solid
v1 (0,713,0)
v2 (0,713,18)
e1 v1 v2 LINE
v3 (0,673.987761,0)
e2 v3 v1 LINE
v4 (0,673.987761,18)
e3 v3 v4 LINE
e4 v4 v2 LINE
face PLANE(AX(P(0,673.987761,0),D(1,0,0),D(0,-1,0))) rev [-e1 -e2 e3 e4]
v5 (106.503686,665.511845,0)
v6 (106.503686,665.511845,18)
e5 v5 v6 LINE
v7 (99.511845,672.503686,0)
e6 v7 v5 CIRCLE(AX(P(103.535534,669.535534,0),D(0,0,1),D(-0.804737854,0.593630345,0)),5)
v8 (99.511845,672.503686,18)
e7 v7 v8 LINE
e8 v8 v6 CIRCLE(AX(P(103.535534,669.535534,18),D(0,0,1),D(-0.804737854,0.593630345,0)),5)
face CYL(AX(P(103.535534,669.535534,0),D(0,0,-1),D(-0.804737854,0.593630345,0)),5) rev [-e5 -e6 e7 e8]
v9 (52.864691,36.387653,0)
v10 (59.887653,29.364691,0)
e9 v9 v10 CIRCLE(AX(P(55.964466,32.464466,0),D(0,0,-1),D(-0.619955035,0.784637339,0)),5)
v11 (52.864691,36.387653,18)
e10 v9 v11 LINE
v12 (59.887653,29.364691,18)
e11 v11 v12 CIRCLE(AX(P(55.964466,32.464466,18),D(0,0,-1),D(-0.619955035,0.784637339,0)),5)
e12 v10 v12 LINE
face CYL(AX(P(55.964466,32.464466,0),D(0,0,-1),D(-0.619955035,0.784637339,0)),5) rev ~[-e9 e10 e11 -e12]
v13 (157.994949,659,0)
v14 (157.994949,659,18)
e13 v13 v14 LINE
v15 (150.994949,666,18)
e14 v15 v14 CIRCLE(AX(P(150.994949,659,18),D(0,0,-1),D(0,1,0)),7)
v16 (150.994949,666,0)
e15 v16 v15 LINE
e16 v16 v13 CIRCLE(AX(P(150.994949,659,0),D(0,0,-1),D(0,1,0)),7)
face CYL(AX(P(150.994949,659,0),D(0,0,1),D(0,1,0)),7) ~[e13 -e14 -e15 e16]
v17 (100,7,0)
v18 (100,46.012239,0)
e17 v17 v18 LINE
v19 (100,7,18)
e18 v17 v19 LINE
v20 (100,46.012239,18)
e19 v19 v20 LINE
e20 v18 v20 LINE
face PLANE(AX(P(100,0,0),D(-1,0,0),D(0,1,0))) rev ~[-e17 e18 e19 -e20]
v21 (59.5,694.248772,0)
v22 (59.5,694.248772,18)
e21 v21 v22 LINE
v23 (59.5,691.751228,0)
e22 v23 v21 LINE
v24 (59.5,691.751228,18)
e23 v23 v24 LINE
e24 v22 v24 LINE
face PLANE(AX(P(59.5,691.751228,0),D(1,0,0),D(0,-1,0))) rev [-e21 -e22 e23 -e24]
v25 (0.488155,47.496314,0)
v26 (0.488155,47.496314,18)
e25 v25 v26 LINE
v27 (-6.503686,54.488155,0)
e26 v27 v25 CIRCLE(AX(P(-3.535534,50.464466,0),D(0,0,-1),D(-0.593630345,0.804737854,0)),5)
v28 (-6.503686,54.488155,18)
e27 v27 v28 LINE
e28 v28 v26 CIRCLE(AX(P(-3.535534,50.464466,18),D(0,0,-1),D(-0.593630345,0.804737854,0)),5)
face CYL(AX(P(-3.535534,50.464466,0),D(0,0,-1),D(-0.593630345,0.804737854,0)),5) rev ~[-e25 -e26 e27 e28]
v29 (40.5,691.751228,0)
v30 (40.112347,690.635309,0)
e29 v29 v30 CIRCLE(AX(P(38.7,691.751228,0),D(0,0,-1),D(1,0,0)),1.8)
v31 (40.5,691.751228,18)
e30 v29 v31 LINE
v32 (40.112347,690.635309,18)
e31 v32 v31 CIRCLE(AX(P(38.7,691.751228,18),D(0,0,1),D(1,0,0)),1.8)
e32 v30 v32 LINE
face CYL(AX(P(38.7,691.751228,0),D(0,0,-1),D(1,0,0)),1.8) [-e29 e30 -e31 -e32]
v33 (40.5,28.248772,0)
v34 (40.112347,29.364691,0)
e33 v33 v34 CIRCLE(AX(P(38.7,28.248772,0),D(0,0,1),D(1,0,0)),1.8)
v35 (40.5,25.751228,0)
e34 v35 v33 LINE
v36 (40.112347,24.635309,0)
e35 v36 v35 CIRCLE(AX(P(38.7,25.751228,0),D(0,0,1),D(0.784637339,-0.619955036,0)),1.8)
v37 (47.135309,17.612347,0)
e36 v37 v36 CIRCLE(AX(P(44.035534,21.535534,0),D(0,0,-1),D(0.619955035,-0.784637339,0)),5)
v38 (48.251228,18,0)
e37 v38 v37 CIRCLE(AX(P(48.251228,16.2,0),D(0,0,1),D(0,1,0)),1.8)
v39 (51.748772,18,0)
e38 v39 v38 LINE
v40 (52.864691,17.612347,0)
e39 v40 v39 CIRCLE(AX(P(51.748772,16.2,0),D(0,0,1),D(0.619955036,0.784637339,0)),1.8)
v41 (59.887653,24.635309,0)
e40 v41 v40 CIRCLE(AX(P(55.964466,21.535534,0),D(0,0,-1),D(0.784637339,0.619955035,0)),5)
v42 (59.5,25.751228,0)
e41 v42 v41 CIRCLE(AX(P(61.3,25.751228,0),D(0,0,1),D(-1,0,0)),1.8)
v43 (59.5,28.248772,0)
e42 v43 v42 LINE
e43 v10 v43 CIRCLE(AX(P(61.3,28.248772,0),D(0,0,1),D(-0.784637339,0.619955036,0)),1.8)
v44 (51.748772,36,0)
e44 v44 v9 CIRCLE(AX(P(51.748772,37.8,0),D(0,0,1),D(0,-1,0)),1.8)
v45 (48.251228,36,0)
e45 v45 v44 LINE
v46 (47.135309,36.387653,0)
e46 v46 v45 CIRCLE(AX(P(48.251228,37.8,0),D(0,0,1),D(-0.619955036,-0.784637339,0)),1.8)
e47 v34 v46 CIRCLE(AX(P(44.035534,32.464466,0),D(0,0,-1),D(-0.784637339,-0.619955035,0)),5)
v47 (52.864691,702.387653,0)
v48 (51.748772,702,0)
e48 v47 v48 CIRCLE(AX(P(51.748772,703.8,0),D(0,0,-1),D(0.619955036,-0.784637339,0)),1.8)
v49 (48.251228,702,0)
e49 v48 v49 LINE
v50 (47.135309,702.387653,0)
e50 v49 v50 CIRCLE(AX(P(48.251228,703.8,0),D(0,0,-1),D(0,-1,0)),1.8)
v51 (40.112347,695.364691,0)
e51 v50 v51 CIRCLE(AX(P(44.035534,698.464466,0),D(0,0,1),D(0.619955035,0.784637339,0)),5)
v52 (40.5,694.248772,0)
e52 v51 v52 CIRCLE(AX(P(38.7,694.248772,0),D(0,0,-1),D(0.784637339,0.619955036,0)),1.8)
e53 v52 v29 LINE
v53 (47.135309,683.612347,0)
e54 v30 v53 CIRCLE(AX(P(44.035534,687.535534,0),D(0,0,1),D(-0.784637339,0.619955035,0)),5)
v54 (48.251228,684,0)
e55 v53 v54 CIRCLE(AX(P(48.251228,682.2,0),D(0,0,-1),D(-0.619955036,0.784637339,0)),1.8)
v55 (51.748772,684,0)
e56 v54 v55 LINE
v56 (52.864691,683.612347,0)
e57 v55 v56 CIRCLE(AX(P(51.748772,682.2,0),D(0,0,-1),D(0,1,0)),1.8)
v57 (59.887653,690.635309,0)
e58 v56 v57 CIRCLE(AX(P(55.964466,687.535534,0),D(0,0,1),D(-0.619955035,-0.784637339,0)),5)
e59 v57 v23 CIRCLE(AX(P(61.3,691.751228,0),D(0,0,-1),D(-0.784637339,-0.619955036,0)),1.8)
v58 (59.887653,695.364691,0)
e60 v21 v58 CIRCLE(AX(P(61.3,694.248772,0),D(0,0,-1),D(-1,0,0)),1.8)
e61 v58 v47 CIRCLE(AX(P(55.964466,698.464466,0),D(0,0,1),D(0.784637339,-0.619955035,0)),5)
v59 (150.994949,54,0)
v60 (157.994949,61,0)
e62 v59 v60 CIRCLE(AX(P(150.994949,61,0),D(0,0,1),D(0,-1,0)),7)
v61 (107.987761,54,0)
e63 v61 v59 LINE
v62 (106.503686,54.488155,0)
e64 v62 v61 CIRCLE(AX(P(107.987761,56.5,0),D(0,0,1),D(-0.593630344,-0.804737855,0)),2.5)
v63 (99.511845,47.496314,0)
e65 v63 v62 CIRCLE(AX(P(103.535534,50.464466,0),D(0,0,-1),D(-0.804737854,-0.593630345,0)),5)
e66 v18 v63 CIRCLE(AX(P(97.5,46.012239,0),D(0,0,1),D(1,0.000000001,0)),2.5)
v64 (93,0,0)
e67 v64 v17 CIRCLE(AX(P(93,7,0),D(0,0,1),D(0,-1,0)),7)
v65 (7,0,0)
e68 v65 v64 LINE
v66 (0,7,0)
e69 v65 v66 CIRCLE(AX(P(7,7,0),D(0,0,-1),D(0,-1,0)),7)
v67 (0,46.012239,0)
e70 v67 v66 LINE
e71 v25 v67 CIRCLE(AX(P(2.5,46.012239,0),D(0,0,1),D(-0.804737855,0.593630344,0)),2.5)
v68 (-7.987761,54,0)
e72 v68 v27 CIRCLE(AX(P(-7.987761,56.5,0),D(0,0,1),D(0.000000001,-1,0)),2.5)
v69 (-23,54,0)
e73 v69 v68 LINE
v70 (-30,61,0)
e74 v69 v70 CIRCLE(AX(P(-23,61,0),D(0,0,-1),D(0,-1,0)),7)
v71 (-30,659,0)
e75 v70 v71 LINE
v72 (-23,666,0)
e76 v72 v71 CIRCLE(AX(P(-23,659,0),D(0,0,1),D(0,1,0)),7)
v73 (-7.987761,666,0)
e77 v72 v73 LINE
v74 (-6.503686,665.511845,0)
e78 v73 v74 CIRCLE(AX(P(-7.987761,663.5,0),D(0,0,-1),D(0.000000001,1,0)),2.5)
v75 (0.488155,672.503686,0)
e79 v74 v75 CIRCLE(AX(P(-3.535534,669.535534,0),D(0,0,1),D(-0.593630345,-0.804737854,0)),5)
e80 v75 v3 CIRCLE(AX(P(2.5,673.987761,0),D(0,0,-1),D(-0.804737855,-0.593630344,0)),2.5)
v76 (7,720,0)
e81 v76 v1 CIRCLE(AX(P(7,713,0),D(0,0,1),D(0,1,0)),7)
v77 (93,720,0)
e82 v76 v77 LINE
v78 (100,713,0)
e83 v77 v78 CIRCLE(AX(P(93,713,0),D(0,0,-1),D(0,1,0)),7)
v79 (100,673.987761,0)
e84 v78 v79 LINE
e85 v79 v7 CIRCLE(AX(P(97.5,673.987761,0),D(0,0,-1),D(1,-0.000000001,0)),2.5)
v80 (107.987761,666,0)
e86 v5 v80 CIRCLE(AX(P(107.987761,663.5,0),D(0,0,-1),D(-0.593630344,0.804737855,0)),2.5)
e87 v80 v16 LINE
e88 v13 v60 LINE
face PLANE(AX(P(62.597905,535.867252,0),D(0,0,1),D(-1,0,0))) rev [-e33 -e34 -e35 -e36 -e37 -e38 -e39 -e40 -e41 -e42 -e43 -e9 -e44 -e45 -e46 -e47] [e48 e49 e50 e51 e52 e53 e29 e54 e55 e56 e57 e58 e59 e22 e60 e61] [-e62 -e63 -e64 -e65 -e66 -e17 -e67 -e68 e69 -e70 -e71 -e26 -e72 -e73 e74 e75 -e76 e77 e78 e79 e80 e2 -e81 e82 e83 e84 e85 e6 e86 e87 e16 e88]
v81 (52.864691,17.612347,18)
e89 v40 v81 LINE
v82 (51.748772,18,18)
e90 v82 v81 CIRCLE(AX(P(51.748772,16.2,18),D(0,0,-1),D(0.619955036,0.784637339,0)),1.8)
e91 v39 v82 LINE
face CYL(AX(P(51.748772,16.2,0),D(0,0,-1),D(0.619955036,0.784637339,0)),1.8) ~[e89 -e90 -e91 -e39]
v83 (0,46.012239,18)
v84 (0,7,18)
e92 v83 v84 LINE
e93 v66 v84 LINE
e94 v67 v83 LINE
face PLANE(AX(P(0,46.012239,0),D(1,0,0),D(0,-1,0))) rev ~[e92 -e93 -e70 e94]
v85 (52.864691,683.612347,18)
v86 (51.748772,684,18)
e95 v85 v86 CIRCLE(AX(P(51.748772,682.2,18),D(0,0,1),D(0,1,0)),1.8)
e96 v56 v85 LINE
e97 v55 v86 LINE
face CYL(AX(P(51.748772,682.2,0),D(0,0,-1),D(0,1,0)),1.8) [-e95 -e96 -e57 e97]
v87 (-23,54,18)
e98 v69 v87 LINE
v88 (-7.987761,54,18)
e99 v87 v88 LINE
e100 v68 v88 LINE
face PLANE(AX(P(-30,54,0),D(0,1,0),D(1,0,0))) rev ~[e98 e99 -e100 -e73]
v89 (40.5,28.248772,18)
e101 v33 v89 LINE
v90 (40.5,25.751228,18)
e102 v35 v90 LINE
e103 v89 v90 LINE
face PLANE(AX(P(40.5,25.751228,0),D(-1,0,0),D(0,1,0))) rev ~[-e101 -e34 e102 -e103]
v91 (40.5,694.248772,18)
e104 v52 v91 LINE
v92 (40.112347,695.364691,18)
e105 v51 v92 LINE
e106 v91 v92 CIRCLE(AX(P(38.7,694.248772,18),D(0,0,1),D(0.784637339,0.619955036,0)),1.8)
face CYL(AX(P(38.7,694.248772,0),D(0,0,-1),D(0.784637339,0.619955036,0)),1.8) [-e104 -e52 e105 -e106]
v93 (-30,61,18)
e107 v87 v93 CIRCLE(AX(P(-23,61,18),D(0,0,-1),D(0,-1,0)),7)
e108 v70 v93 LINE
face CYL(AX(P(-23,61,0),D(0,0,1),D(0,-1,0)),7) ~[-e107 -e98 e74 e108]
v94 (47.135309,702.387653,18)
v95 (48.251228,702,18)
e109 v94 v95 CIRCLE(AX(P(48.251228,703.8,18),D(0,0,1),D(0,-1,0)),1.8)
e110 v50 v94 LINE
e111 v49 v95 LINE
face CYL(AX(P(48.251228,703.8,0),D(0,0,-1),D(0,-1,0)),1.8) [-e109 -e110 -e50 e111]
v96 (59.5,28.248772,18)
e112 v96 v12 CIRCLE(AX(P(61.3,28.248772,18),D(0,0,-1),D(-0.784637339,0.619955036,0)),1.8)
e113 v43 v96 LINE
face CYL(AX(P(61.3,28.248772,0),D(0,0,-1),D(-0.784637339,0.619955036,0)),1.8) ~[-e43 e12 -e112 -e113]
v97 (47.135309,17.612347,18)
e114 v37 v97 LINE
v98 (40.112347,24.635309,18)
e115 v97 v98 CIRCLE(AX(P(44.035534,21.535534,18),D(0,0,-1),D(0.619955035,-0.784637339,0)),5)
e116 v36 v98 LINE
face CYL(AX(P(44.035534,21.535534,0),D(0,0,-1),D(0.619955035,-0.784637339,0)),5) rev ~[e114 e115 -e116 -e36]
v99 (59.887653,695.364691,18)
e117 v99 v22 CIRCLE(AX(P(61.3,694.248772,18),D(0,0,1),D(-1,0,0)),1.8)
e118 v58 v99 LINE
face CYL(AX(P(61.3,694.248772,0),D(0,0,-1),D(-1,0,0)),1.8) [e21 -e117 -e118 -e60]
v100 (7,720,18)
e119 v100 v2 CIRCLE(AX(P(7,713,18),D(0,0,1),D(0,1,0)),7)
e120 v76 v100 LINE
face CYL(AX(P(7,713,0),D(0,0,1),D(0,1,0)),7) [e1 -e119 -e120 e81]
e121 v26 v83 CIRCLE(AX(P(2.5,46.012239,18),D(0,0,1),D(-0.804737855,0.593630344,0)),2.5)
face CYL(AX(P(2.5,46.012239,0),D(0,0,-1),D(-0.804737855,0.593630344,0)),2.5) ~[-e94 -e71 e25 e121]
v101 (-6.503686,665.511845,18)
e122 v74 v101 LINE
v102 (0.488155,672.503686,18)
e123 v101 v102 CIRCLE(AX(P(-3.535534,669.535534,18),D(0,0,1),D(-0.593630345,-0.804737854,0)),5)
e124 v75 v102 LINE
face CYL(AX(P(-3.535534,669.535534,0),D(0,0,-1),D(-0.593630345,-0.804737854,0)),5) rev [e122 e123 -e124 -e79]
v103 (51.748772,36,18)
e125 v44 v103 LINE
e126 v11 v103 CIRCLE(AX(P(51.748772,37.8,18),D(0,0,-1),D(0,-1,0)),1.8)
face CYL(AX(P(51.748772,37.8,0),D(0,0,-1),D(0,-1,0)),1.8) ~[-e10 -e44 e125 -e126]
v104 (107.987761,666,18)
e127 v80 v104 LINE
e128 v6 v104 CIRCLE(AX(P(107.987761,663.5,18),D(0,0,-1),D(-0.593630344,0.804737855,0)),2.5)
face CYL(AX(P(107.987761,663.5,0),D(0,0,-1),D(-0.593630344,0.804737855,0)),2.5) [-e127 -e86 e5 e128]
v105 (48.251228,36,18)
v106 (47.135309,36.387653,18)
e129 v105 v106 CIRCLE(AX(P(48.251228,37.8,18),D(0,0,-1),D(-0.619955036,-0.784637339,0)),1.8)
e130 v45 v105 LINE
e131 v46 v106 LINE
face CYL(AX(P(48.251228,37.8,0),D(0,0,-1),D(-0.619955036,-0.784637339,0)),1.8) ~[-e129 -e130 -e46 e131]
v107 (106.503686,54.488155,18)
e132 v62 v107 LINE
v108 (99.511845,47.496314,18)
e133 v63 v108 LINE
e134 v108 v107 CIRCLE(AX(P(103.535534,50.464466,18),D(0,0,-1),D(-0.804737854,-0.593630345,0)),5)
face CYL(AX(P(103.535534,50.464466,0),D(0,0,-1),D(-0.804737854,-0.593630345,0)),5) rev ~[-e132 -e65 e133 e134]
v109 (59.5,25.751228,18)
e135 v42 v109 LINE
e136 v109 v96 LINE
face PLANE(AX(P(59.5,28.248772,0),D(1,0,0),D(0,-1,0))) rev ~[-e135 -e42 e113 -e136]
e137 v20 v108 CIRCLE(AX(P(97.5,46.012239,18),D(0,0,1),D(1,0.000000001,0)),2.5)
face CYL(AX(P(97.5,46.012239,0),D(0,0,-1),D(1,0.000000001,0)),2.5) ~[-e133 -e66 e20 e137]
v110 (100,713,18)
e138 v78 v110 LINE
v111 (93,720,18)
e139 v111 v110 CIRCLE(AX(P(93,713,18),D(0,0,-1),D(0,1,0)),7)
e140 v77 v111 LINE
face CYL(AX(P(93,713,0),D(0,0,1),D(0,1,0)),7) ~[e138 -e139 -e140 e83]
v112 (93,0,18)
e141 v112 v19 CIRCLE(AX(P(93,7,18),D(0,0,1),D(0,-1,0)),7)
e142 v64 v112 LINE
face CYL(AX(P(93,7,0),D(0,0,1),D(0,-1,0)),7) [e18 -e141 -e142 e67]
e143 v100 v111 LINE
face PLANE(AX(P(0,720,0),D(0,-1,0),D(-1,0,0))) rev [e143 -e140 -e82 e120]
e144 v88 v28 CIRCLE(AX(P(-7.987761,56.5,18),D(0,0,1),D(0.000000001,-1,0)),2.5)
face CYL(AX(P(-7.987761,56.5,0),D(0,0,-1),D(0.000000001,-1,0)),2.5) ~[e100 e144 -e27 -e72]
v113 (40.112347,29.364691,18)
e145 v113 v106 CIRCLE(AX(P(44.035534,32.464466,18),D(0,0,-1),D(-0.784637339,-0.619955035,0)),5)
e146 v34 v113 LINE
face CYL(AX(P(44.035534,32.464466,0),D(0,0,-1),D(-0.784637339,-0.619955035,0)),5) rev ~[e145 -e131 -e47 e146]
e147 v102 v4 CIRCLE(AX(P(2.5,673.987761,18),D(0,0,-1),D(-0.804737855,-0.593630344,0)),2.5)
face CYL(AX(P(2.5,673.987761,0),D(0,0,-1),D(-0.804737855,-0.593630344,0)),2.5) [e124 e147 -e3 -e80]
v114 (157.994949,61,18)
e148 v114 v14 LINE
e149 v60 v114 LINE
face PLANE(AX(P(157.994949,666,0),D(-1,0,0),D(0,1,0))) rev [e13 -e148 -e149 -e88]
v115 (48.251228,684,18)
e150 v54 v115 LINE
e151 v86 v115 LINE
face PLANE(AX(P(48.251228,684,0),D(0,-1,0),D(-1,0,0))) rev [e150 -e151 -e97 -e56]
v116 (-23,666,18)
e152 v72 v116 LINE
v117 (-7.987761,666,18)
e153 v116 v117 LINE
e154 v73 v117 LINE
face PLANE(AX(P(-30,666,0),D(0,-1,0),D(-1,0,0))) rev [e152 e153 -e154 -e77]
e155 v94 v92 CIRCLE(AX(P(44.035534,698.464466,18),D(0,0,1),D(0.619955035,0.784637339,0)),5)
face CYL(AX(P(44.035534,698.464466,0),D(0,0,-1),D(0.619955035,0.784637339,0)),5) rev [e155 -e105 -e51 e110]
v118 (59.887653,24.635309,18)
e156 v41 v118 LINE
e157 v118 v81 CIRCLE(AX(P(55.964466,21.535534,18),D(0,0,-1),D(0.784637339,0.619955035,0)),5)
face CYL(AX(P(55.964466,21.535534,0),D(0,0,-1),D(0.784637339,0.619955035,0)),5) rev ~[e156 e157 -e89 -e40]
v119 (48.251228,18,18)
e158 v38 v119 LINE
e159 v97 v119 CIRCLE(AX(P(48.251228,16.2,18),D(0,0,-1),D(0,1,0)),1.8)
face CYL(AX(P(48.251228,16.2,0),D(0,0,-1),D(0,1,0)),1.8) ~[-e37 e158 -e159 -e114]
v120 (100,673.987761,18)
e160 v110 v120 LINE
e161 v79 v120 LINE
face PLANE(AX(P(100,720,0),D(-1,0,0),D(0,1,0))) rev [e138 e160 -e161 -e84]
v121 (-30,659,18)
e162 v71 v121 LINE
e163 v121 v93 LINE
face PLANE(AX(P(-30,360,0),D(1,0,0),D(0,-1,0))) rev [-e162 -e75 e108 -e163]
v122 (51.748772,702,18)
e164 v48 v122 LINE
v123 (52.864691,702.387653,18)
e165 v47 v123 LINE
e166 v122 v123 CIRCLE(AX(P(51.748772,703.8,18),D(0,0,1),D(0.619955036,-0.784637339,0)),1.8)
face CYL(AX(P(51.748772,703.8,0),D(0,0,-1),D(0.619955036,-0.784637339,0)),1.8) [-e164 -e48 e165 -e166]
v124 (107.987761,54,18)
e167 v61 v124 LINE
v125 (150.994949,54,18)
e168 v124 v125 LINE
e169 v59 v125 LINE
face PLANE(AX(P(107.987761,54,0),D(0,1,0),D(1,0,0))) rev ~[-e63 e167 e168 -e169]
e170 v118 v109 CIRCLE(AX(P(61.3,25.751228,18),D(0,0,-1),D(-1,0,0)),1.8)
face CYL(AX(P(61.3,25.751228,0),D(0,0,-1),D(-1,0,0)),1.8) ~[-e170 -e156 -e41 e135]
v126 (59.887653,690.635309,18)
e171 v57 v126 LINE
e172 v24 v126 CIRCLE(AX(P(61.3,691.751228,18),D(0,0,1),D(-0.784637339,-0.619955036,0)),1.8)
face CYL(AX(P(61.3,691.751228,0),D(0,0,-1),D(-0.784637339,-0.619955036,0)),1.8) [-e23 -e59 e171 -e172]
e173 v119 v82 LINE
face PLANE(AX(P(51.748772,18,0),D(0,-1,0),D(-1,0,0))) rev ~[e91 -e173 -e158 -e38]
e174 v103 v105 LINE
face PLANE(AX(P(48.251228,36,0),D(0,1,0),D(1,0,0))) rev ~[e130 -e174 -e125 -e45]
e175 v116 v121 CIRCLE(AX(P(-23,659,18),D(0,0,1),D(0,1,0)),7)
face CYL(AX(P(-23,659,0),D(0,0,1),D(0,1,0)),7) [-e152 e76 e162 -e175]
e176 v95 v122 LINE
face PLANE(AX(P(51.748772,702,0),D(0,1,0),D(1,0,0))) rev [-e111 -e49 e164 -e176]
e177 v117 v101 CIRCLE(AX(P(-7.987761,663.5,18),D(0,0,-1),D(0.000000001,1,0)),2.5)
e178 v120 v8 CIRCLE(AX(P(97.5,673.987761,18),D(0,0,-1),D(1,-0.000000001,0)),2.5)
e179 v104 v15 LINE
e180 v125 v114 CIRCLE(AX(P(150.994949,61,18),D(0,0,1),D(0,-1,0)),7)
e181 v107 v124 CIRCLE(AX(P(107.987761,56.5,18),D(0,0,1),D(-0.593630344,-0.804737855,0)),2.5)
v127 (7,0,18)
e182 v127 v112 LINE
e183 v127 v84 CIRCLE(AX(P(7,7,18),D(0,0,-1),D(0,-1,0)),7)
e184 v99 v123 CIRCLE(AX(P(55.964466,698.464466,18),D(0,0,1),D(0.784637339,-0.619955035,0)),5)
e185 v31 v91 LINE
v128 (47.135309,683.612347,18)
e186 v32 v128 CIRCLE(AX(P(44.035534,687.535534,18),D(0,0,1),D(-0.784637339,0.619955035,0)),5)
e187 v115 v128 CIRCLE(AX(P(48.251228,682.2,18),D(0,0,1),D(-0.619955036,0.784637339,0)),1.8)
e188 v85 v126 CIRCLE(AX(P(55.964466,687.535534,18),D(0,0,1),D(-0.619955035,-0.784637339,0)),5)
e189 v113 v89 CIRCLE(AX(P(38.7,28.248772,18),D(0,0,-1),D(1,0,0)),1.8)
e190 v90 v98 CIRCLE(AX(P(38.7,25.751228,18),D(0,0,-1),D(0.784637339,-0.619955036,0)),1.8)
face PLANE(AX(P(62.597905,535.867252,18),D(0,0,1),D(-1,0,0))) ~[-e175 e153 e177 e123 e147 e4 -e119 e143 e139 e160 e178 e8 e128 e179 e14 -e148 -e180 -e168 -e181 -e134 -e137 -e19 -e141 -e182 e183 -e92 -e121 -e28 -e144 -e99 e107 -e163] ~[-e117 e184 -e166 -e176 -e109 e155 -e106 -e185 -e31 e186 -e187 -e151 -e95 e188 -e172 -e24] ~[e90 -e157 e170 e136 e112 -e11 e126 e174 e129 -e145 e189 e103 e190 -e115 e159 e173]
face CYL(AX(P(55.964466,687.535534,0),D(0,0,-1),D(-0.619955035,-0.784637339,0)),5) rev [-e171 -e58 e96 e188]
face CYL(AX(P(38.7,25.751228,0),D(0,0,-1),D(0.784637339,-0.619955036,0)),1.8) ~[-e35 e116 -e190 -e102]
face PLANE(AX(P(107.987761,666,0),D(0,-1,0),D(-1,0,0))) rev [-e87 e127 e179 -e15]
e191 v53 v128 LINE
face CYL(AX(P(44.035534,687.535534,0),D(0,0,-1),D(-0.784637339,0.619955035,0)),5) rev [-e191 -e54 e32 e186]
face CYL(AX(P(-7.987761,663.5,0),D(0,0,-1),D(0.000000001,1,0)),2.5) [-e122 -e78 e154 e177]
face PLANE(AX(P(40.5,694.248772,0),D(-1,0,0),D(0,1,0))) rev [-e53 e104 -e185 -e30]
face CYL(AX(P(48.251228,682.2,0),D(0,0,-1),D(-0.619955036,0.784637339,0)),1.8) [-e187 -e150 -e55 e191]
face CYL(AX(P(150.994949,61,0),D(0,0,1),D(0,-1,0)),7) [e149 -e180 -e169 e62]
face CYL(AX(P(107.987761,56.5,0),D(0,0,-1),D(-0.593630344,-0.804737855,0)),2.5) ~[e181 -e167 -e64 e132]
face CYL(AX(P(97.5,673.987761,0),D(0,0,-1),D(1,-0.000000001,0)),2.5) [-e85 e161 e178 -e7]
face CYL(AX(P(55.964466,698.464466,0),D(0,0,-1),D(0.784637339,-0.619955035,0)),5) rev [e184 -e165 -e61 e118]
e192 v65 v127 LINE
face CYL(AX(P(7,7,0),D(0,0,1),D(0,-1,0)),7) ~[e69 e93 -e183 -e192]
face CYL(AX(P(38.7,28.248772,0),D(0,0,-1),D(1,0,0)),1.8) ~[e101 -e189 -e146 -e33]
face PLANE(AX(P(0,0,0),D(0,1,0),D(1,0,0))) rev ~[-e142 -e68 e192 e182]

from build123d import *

# Parameters (mm, degrees)
BOSS_EXTRU_2_DEPTH      = 18
ENL_V_MAT_EXTRU_1_DEPTH = 19
CONG_1_R                = 7


with BuildPart() as part:
    # Esquisse2 → Boss.-Extru.2 (new body)
    with BuildSketch(Plane.XY):
        with BuildLine():
            Line((0, 0), (100, 0))
            Line((100, 0), (100, 46.012238509))
            ThreePointArc((100, 46.012238509), (99.874827529, 46.793387794), (99.511844635, 47.496314371))
            ThreePointArc((99.511844635, 47.496314371), (100, 54), (106.503685629, 54.488155365))
            ThreePointArc((106.503685629, 54.488155365), (107.206612206, 54.125172471), (107.987761491, 54))
            Line((107.987761491, 54), (157.994949366, 54))
            Line((157.994949366, 54), (157.994949366, 360))
            Line((157.994949366, 360), (-30, 360))
            Line((-30, 360), (-30, 54))
            Line((-30, 54), (-7.987761491, 54))
            ThreePointArc((-7.987761491, 54), (-7.206612206, 54.125172471), (-6.503685629, 54.488155365))
            ThreePointArc((-6.503685629, 54.488155365), (0, 54), (0.488155365, 47.496314371))
            ThreePointArc((0.488155365, 47.496314371), (0.125172471, 46.793387794), (0, 46.012238509))
            Line((0, 46.012238509), (0, 0))
        make_face()
    extrude(amount=BOSS_EXTRU_2_DEPTH)

    # Esquisse1 → Enlèv. mat.-Extru.1 (cut, through all)
    with BuildSketch(Plane.XY):
        with BuildLine():
            Line((59.5, 28.248771852), (59.5, 25.751228148))
            ThreePointArc((59.5, 25.751228148), (59.599672829, 25.160561143), (59.88765279, 24.635309084))
            ThreePointArc((59.88765279, 24.635309084), (59.5, 18), (52.864690916, 17.61234721))
            ThreePointArc((52.864690916, 17.61234721), (52.339438857, 17.900327171), (51.748771852, 18))
            Line((51.748771852, 18), (48.251228148, 18))
            ThreePointArc((48.251228148, 18), (47.660561143, 17.900327171), (47.135309084, 17.61234721))
            ThreePointArc((47.135309084, 17.61234721), (40.5, 18), (40.11234721, 24.635309084))
            ThreePointArc((40.11234721, 24.635309084), (40.400327171, 25.160561143), (40.5, 25.751228148))
            Line((40.5, 25.751228148), (40.5, 28.248771852))
            ThreePointArc((40.5, 28.248771852), (40.400327171, 28.839438857), (40.11234721, 29.364690916))
            ThreePointArc((40.11234721, 29.364690916), (40.5, 36), (47.135309084, 36.38765279))
            ThreePointArc((47.135309084, 36.38765279), (47.660561143, 36.099672829), (48.251228148, 36))
            Line((48.251228148, 36), (51.748771852, 36))
            ThreePointArc((51.748771852, 36), (52.339438857, 36.099672829), (52.864690916, 36.38765279))
            ThreePointArc((52.864690916, 36.38765279), (59.5, 36), (59.88765279, 29.364690916))
            ThreePointArc((59.88765279, 29.364690916), (59.599672829, 28.839438857), (59.5, 28.248771852))
        make_face()
    extrude(amount=ENL_V_MAT_EXTRU_1_DEPTH, mode=Mode.SUBTRACT)

    # Congé1
    cong_1_edges = [part.edges().sort_by_distance(p)[0] for p in [
        (-30, 54, 9),
        (157.994949366, 54, 9),
        (100, 0, 9),
        (0, 0, 9),
    ]]
    fillet(cong_1_edges, radius=CONG_1_R)

    # Symétrie1: part across plane


with BuildPart() as part_1:
    add(part.part)
    add(part.part.mirror(Plane(origin=(157.994949366, 360, 18), x_dir=(0, 0, 1), z_dir=(0, -1, 0))))


solid = part_1.part
